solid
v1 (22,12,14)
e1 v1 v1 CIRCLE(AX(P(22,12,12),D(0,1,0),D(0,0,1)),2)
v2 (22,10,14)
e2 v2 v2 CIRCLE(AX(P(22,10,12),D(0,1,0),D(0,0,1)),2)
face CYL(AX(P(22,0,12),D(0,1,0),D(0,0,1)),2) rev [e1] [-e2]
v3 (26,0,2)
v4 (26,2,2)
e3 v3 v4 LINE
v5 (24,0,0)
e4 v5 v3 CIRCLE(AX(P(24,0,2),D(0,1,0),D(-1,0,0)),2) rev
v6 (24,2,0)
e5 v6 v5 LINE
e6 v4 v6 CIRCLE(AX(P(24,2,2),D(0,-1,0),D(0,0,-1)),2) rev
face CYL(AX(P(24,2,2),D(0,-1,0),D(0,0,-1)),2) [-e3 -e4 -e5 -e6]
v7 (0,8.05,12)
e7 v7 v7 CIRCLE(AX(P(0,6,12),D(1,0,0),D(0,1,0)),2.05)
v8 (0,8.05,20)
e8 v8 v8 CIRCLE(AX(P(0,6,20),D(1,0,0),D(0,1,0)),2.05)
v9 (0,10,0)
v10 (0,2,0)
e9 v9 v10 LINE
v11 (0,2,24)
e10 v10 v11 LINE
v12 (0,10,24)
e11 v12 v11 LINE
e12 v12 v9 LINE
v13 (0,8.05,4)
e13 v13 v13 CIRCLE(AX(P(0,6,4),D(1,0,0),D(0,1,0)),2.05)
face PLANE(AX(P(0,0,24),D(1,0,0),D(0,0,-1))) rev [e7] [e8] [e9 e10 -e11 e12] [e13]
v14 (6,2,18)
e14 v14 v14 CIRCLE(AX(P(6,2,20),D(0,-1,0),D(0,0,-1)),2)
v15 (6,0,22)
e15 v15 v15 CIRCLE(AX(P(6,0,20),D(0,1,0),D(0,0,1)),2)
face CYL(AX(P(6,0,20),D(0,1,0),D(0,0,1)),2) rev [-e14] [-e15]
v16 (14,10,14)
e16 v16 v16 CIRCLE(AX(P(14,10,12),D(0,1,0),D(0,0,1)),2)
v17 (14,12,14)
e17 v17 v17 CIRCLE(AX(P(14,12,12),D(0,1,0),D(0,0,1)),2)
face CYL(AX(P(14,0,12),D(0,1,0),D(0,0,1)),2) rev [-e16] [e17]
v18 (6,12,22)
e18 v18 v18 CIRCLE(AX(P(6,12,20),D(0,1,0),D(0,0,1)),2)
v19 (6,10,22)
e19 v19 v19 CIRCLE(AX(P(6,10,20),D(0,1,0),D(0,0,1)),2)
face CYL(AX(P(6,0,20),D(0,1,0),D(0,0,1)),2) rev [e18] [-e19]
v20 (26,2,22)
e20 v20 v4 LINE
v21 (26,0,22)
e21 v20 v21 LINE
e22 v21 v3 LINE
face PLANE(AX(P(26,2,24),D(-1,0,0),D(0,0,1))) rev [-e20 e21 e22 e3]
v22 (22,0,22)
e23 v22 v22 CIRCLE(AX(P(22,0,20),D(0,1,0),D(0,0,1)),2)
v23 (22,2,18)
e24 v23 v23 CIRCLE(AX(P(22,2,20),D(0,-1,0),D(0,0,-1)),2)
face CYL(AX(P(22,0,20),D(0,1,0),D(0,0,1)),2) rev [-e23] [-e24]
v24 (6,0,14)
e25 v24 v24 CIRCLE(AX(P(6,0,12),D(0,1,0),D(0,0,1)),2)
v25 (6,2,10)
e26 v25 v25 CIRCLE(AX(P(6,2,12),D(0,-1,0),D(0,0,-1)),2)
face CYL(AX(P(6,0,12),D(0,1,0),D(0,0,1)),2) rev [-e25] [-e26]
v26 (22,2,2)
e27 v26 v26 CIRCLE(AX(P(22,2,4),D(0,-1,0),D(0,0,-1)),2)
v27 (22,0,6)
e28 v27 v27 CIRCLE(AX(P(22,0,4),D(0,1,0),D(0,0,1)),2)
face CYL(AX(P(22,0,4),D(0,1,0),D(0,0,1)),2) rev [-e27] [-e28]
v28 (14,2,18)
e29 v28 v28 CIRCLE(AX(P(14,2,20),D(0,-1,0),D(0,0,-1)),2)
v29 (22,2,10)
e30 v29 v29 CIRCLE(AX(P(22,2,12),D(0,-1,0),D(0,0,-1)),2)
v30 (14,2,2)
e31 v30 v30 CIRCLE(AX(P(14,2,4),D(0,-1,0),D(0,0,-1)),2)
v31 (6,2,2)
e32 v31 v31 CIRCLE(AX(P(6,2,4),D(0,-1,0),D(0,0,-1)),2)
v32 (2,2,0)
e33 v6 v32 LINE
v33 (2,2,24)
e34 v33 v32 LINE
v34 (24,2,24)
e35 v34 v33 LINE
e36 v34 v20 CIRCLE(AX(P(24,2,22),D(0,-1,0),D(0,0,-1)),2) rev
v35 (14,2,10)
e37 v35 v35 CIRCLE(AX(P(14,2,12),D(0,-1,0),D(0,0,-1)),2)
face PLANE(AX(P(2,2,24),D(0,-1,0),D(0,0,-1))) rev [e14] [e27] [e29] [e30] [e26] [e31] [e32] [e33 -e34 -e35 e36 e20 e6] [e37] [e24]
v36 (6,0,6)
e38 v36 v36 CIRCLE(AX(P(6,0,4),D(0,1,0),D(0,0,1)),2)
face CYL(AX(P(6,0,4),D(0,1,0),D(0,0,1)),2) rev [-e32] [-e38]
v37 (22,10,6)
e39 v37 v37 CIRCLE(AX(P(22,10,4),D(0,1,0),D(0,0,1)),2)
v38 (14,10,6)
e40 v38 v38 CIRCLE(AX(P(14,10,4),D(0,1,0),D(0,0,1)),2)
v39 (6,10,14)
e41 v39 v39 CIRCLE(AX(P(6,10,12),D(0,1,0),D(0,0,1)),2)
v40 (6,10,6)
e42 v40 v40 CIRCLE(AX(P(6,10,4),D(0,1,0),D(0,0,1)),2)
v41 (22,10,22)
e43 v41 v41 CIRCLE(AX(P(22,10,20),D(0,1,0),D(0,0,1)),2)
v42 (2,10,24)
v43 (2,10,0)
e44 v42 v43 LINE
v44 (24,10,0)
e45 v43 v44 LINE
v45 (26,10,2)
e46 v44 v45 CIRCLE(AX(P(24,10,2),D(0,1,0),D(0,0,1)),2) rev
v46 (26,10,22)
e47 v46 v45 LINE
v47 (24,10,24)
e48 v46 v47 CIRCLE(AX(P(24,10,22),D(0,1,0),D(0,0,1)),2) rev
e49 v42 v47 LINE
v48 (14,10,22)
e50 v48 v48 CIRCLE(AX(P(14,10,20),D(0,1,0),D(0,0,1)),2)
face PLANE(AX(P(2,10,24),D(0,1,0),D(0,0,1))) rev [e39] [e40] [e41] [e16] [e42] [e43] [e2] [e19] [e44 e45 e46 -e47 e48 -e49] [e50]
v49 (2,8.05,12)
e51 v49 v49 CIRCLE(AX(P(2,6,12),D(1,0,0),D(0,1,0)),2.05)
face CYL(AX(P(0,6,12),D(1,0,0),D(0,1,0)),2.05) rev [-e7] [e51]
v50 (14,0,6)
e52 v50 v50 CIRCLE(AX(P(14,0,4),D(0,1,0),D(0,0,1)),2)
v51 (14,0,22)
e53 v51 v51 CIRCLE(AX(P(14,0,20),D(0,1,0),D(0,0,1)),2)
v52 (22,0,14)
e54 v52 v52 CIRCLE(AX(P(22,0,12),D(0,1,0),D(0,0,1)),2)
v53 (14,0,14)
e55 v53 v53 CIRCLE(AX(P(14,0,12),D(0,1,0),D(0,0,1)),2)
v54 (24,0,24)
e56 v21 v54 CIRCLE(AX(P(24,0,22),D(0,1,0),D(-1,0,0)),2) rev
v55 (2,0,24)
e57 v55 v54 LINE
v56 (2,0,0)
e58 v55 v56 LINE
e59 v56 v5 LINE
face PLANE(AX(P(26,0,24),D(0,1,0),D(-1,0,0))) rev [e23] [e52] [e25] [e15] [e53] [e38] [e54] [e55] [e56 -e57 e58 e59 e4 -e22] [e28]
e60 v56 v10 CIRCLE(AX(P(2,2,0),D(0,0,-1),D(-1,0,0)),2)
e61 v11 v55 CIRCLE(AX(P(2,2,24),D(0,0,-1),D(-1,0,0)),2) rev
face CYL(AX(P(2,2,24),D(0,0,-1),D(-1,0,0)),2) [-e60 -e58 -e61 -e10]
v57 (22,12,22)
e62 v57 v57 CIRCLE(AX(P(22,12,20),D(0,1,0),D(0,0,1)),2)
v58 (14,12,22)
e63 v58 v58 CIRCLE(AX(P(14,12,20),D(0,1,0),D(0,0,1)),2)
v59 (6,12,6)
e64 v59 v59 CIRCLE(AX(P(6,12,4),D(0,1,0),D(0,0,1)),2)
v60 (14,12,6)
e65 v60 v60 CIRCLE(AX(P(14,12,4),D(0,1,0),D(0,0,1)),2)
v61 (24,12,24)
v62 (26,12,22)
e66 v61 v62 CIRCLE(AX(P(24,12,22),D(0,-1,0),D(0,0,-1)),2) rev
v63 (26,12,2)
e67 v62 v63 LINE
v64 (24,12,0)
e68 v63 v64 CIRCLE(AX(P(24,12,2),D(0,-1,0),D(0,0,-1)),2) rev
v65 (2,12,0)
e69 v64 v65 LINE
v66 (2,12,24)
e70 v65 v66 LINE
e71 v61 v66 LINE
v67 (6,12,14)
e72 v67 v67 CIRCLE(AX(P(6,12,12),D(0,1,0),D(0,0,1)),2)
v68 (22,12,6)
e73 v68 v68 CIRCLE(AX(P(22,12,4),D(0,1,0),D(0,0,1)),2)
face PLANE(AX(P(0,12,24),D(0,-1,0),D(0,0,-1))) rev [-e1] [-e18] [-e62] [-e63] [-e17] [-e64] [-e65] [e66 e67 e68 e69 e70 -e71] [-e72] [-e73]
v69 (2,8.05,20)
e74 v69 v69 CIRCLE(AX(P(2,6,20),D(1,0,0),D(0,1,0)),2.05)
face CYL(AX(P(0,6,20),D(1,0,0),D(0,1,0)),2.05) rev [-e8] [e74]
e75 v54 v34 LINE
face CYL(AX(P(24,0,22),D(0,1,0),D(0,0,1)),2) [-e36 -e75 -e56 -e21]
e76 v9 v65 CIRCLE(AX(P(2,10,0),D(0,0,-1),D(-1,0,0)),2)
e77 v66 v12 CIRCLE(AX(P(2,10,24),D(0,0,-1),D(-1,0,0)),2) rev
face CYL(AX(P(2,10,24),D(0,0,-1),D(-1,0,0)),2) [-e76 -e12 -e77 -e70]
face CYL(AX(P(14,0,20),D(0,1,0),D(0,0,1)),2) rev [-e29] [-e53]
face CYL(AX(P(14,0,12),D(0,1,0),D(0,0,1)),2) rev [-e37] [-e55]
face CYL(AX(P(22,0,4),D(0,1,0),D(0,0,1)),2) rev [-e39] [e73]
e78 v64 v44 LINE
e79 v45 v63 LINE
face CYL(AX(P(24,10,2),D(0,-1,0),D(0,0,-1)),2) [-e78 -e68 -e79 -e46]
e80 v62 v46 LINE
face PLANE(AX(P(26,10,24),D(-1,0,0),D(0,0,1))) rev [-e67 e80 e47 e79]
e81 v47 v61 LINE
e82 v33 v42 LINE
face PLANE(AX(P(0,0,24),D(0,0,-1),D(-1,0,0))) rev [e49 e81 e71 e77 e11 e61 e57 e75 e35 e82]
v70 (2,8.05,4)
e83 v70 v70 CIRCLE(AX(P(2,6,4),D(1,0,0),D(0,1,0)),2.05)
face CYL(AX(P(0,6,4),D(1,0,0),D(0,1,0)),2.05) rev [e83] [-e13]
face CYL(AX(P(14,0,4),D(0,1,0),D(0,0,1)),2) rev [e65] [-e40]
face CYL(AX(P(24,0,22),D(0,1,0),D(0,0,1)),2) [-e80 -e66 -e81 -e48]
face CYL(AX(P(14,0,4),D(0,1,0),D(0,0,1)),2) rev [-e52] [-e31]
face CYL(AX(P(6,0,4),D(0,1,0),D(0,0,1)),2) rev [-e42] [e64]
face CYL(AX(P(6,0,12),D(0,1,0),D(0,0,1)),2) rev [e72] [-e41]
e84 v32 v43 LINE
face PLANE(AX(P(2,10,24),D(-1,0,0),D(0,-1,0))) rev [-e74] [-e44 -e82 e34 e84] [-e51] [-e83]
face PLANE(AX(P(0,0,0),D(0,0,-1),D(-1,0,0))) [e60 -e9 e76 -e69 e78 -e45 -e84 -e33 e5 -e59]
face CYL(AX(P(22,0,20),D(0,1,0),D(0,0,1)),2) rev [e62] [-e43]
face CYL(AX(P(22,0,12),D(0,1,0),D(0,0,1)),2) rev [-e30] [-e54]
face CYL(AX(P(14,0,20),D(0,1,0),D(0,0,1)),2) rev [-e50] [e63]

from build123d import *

# Parameters (mm, degrees)
BOSS_EXTRUDE1_DEPTH  = 24
SKETCH2_R            = 2.05
CUT_EXTRUDE1_DEPTH   = 37
LPATTERN1_COUNT      = 3
LPATTERN1_PITCH      = 8
SKETCH3_R            = 2
CUT_EXTRUDE2_DEPTH   = 37.769552622
LPATTERN2_COUNT      = 3
LPATTERN2_PITCH      = 8
LPATTERN2_COUNT_DIR2 = 3
LPATTERN2_PITCH_DIR2 = 8
FILLET1_R            = 2


with BuildPart() as part:
    # Sketch1 → Boss-Extrude1 (new body)
    with BuildSketch(Plane.XY):
        Polygon((0, 0), (0, 10), (0, 12), (26, 12), (26, 10), (2, 10), (2, 2), (26, 2), (26, 0), align=None)
    extrude(amount=BOSS_EXTRUDE1_DEPTH)

    # Sketch2 → Cut-Extrude1 (cut, through all)
    with BuildSketch(Plane(origin=(2, 0, 0), x_dir=(0, 0, -1), z_dir=(1, 0, 0))):
        with Locations(Location((-20, 6, 0), (0, 0, 90))):
            Circle(SKETCH2_R)
    cut_extrude1 = extrude(amount=-CUT_EXTRUDE1_DEPTH, mode=Mode.SUBTRACT)

    # LPattern1: Cut-Extrude1 ×3
    with Locations(*[(0, 0, -i * LPATTERN1_PITCH) for i in range(1, LPATTERN1_COUNT)]):
        add(cut_extrude1, mode=Mode.SUBTRACT)

    # Sketch3 → Cut-Extrude2 (cut, symmetric)
    with BuildSketch(Plane(origin=(0, 2, 0), x_dir=(1, 0, 0), z_dir=(0, 1, 0))):
        with Locations(Location((22, -4, 0), (0, 0, 270))):
            Circle(SKETCH3_R)
    cut_extrude2 = extrude(amount=CUT_EXTRUDE2_DEPTH, both=True, mode=Mode.SUBTRACT)

    # LPattern2: Cut-Extrude2 3 × 3
    with Locations(*[(-j * LPATTERN2_PITCH_DIR2, 0, i * LPATTERN2_PITCH) for i in range(LPATTERN2_COUNT) for j in range(LPATTERN2_COUNT_DIR2) if (i, j) != (0, 0)]):
        add(cut_extrude2, mode=Mode.SUBTRACT)

    # Fillet1
    fillet1_edges = [part.edges().sort_by_distance(p)[0] for p in [
        (26, 1, 0),
        (0, 0, 12),
        (0, 12, 12),
        (26, 11, 24),
        (26, 1, 24),
        (26, 11, 0),
    ]]
    fillet(fillet1_edges, radius=FILLET1_R)


solid = part.part
